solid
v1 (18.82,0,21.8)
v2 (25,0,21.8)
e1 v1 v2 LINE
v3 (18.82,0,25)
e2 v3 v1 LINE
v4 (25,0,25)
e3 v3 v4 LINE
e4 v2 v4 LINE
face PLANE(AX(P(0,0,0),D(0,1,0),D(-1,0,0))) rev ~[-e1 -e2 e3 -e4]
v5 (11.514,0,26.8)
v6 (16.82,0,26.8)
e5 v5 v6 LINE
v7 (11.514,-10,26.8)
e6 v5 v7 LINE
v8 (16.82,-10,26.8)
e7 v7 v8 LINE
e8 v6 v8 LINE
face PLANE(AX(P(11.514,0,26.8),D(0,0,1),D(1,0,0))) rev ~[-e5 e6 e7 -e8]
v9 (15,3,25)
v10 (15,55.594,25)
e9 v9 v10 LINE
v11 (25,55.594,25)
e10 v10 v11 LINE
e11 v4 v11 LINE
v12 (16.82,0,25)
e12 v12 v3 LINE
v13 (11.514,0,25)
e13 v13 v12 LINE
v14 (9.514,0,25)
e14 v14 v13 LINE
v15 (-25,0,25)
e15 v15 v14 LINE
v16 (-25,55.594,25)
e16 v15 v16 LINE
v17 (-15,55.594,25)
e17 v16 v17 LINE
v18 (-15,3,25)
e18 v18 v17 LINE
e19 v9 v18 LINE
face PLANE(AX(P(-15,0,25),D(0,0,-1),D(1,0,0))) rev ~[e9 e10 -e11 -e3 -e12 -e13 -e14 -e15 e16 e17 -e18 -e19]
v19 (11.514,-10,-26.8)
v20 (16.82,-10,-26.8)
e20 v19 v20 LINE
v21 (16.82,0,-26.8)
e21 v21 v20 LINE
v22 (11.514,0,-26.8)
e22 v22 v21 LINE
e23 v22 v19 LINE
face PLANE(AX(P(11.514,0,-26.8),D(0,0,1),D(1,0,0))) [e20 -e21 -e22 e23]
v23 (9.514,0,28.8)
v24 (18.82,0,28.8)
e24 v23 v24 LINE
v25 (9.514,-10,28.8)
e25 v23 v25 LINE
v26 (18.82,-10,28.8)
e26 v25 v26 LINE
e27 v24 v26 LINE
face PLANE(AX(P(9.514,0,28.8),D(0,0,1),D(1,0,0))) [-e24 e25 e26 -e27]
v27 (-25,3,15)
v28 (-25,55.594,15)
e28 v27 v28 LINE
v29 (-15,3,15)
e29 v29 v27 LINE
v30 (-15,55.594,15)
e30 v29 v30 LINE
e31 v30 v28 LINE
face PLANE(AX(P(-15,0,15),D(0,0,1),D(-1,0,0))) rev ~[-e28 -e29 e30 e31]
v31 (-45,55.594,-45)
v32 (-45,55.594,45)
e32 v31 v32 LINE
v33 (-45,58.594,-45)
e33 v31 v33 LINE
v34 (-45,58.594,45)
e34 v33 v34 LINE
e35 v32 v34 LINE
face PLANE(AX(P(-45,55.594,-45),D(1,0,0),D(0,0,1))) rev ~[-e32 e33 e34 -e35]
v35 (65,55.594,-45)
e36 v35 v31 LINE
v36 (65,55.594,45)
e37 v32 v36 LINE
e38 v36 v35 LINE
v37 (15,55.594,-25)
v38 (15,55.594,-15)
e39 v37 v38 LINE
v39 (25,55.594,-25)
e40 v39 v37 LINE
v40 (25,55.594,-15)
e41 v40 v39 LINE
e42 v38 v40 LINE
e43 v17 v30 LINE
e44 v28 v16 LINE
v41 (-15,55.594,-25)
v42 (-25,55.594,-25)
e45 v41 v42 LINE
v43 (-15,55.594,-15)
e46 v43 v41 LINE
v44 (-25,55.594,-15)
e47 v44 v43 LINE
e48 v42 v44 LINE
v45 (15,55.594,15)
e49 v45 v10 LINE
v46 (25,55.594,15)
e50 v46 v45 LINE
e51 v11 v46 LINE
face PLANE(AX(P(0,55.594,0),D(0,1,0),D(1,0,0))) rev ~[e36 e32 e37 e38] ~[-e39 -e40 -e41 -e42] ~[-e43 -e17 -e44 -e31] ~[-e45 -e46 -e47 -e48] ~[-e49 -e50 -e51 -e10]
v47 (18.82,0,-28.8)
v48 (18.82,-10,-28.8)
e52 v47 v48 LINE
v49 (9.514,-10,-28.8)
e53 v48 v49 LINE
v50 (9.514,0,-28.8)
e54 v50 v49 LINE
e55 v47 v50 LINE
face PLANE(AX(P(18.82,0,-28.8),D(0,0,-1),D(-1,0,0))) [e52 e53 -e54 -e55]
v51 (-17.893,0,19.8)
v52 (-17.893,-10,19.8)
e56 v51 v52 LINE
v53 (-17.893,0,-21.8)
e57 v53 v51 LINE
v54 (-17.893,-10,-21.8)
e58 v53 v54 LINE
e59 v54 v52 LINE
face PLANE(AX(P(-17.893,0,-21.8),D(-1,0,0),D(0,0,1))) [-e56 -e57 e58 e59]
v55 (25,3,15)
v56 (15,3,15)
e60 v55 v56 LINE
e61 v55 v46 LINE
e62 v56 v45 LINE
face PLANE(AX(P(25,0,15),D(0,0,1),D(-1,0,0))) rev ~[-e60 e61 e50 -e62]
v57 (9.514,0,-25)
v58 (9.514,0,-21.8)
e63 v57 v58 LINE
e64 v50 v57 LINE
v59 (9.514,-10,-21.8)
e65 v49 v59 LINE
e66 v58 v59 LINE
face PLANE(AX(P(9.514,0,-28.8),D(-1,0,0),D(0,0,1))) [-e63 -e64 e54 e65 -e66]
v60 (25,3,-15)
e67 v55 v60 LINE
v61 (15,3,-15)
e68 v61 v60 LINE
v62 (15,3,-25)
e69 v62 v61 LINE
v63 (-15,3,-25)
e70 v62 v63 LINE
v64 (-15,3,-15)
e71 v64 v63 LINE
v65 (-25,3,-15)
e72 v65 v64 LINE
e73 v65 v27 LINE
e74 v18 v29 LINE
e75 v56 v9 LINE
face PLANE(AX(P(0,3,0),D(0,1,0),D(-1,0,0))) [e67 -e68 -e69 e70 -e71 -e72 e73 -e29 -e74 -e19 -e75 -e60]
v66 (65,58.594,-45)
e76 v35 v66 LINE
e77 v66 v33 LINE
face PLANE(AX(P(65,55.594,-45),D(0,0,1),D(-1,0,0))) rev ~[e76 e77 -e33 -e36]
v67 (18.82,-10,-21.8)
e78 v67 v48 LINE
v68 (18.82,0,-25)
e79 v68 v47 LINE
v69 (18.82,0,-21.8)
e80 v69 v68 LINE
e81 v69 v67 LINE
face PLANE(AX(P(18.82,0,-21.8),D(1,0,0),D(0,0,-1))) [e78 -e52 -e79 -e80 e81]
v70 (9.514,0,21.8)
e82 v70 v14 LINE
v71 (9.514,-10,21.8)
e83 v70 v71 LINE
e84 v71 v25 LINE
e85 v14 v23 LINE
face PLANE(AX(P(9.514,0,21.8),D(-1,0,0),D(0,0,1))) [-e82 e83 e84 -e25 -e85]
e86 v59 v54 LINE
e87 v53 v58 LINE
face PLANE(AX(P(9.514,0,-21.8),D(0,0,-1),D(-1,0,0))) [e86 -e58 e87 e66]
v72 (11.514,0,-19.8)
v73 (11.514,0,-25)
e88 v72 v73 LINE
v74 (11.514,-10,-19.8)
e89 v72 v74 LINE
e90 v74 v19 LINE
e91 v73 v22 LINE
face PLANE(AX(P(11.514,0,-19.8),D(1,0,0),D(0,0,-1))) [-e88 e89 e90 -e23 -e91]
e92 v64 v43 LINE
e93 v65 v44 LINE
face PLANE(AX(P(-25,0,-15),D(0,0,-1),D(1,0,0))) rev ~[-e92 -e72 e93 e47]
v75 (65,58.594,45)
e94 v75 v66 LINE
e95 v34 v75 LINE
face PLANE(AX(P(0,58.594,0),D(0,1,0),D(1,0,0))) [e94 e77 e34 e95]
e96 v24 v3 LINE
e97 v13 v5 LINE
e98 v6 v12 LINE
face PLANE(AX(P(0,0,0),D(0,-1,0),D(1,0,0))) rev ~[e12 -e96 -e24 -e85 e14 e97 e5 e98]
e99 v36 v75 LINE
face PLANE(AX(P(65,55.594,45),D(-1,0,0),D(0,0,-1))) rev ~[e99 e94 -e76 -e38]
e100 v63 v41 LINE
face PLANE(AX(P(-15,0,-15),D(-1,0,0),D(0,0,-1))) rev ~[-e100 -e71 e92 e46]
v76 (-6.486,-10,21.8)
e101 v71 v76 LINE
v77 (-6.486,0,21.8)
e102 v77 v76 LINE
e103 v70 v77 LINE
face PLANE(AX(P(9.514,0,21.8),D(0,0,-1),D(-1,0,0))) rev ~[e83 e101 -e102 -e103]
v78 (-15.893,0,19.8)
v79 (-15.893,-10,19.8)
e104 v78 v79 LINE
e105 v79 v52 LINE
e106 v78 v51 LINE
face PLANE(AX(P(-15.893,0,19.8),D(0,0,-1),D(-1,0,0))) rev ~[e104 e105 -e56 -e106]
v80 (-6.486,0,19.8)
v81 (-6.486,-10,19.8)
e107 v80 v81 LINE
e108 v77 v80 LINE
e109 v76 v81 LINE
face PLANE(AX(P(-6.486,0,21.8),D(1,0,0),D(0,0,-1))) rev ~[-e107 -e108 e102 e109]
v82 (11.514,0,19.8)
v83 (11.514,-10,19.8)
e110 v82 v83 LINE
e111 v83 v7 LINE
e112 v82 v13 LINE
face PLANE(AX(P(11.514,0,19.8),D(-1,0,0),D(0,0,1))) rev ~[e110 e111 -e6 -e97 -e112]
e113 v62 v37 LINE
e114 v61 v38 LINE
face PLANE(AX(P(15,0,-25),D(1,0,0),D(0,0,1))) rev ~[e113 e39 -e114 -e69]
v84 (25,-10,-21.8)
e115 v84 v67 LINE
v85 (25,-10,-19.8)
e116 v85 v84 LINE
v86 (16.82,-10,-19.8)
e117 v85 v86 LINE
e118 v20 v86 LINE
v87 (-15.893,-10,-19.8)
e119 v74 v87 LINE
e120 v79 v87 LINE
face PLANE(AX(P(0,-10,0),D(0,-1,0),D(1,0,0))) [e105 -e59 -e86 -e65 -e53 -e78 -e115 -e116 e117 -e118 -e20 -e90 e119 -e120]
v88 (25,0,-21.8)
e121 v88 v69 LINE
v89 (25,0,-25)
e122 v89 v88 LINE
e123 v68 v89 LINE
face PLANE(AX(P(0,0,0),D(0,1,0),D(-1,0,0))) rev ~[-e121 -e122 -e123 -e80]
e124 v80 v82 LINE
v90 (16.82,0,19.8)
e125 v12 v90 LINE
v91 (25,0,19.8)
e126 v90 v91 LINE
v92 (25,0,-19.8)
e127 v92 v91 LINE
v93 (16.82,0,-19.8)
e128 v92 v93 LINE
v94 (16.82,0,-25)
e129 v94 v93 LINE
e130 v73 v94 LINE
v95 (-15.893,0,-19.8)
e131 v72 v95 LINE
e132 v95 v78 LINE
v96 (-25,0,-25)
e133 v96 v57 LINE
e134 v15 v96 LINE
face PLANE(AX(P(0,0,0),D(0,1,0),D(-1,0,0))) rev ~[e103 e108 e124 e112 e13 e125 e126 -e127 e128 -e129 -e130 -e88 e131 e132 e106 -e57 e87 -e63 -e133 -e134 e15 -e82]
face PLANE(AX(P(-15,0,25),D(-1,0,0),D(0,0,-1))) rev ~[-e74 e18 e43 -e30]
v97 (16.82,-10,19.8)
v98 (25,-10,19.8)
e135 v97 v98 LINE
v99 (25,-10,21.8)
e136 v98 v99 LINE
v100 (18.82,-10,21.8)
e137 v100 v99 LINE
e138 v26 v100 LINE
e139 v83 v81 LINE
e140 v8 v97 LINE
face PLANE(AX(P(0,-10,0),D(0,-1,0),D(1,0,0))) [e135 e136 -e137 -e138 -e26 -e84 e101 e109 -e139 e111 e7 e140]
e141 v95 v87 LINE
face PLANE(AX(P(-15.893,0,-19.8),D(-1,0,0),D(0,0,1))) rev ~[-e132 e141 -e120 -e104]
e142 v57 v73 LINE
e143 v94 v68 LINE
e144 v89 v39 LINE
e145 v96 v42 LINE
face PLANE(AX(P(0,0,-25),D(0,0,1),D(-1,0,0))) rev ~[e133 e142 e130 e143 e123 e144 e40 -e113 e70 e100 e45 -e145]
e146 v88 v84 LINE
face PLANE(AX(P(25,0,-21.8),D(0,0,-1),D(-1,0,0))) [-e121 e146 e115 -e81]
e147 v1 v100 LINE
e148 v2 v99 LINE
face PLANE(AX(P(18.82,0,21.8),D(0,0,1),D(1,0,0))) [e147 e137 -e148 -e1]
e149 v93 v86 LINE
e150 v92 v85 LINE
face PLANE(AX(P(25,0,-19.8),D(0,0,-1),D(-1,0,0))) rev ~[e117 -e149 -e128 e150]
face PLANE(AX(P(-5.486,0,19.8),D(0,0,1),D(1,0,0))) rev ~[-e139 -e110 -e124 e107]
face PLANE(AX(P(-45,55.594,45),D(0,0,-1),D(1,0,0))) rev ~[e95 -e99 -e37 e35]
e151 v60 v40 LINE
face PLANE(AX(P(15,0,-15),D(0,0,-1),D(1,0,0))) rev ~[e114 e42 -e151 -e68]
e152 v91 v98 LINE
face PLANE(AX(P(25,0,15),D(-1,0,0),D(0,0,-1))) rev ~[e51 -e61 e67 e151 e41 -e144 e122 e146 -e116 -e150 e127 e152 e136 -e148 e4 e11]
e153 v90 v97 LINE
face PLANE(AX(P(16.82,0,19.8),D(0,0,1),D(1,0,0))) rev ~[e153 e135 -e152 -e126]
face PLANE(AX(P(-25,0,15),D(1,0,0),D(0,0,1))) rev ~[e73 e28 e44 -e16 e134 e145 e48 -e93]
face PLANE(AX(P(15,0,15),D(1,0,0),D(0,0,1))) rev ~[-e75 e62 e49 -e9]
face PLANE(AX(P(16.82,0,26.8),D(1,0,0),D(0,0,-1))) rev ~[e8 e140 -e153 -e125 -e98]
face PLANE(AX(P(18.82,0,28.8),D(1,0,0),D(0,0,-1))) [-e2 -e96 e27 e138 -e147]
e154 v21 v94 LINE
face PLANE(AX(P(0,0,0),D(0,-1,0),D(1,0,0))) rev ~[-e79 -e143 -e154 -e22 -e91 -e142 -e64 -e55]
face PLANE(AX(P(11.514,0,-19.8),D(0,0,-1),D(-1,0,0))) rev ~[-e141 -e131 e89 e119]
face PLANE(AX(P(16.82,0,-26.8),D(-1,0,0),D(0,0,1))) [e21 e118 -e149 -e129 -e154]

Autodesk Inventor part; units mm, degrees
ref_plane "YZ Plane" through (0, 0, 0) normal (1, 0, 0) x (0, 1, 0)
ref_plane "XZ Plane" through (0, 0, 0) normal (0, 1, 0) x (-1, 0, 0)
ref_plane "XY Plane" through (0, 0, 0) normal (0, 0, 1) x (1, 0, 0)
sketch "Sketch1" plane through (0, 0, 0) normal (0, 1, 0) x (-1, 0, 0)
  line L0 (25, 25) -> (15, 25)
  line L1 (15, 25) -> (15, 15)
  line L2 (15, 15) -> (25, 15)
  line L3 (25, 15) -> (25, 25)
  line L4 (25, 25) -> (-25, 25)
  line L5 (-25, 25) -> (-25, -25)
  line L6 (-25, -25) -> (25, -25)
  line L7 (25, -25) -> (25, 25)
  line L8 (25, 0) -> (-25, 0)
  line L9 (0, 25) -> (0, -25)
  line L10 (-25, 25) -> (-25, 15)
  line L11 (-15, 25) -> (-25, 25)
  line L12 (-15, 15) -> (-15, 25)
  line L13 (-25, 15) -> (-15, 15)
  line L14 (15, -15) -> (15, -25)
  line L15 (25, -15) -> (15, -15)
  line L16 (25, -25) -> (25, -15)
  line L17 (15, -25) -> (25, -25)
  line L18 (-25, -15) -> (-25, -25)
  line L19 (-15, -15) -> (-25, -15)
  line L20 (-15, -25) -> (-15, -15)
  line L21 (-25, -25) -> (-15, -25)
  line L22 (45, 45) -> (-45, 45)
  line L23 (-45, 45) -> (-45, -45)
  line L24 (-45, -45) -> (45, -45)
  line L25 (45, -45) -> (45, 45)
  point P0 (0, 0)
  point P1 (20, 25)
  point P2 (-20, 25)
  point P3 (20, -15)
  point P4 (-20, -15)
  point P5 (0, 45)
  dimension "d0" = 10
  dimension "d1" = 10
  dimension "d2" = 0
  dimension "d3" = 0
  dimension "d4" = 0
  dimension "d5" = 0
  dimension "d8" = 40
  dimension "d11" = 40
  dimension "d14" = 50
  dimension "d15" = 50
  dimension "d42" = 20
  dimension "d43" = 20
  dimension "d44" = 20
  dimension "d45" = 20
extrude "Extrusion1" add sketch "Sketch1" along normal blind 3 contours L1 L2 L7 L8 L9 L4 | L9 L8 L5 L13 L12 L4 | L7 L15 L14 L6 L9 L8 | L9 L6 L20 L19 L5 L8
extrude "Extrusion2" add sketch "Sketch1" along normal blind 55.594 contours L3 L2 L1 L0 | L12 L13 L5 L4 | L7 L6 L14 L15 | L19 L20 L6 L5
sketch "Sketch2" plane through (0, 0, 0) normal (0, -1, 0) x (1, 0, 0)
  line L0 (25, 15) -> (25, -15) projected
  line L1 (25, -19.8) -> (-15.893, -19.8)
  line L2 (-15.893, -19.8) -> (-15.893, 19.8)
  line L3 (-15.893, 19.8) -> (25, 19.8)
  line L4 (25, 19.8) -> (25, -19.8)
  line L5 (16.82, -19.8) -> (11.514, -19.8)
  line L6 (11.514, -19.8) -> (11.514, -26.8)
  line L7 (11.514, -26.8) -> (16.82, -26.8)
  line L8 (16.82, -26.8) -> (16.82, -19.8)
  line L9 (-15.893, 0) -> (25, 0)
  line L10 (11.514, 19.8) -> (11.514, 26.8)
  line L11 (11.514, 26.8) -> (16.82, 26.8)
  line L12 (16.82, 26.8) -> (16.82, 19.8)
  line L13 (-9.486, 19.8) -> (-5.486, 19.8)
  line L14 (9.514, 21.8) -> (-6.486, 21.8)
  line L15 (9.514, 21.8) -> (9.514, 28.8)
  line L16 (9.514, 28.8) -> (18.82, 28.8)
  line L17 (18.82, 28.8) -> (18.82, 21.8)
  line L18 (18.82, 21.8) -> (25, 21.8)
  line L19 (25, -15) -> (25, -25) projected
  line L20 (25, -21.8) -> (18.82, -21.8)
  line L21 (18.82, -21.8) -> (18.82, -28.8)
  line L22 (18.82, -28.8) -> (9.514, -28.8)
  line L23 (9.514, -28.8) -> (9.514, -21.8)
  line L24 (9.514, -21.8) -> (1.695, -21.8)
  line L25 (1.695, -21.8) -> (-17.893, -21.8)
  line L26 (-17.893, -21.8) -> (-17.893, 21.8)
  line L27 (25, 19.8) -> (25, 21.8)
  line L28 (25, -15) -> (25, -19.8)
  line L29 (25, -21.8) -> (25, -15)
  line L30 (-15.893, 19.8) -> (-17.893, 19.8)
  line L31 (-6.486, 21.8) -> (-6.486, 19.8)
  point P0 (0, 0)
  point P1 (16.82, -23.3)
  point P2 (4.5535, -19.8)
  point P3 (18.82, -25.3)
  point P4 (14.167, 28.8)
  point P5 (14.167, 26.8)
  point P6 (11.514, 23.3)
  point P7 (16.82, 19.8)
  point P8 (25, 14.5)
  point P9 (11.514, 19.8)
  point P10 (11.514, -19.8)
  point P11 (14.167, -28.8)
  dimension "d20" = 39.6
  dimension "d22" = 40.893
  dimension "d23" = 8.18
  dimension "d25" = 5.306
  dimension "d26" = 7
  dimension "d30" = 2
  dimension "d31" = 2
  dimension "d32" = 2
  dimension "d33" = 2
  dimension "d36" = 2
  dimension "d37" = 2
  dimension "d38" = 2
  dimension "d53" = 0
  dimension "d54" = 16
  dimension "d55" = 2
  dimension "d56" = 2
extrude "Extrusion3" add sketch "Sketch2" along normal blind 10 contours L3 L12 L11 L10 L31 L14 L15 L16 L17 L18 L27 | L2 L1 L6 L7 L8 L19 L20 L21 L22 L23 L24 L25 L26 L30
sketch "Sketch3" plane through (0, 55.594, 0) normal (0, 1, 0) x (1, 0, 0)
  line L0 (-45, -45) -> (65, -45)
  line L1 (65, -45) -> (65, 45)
  line L2 (65, 45) -> (-45, 45)
  line L3 (-45, 45) -> (-45, -45)
  line L4 (-25, -25) -> (-15, -25) projected
  line L5 (25, -25) -> (25, -15) projected
  line L6 (15, 25) -> (-15, 25) projected
  line L7 (-25, 15) -> (-25, -15) projected
  point P0 (0, 0)
  dimension "d46" = 20
  dimension "d47" = 40
  dimension "d48" = 20
  dimension "d49" = 20
extrude "Extrusion4" add sketch "Sketch3" along normal blind 3
properties part number "pitchrollmount44"
